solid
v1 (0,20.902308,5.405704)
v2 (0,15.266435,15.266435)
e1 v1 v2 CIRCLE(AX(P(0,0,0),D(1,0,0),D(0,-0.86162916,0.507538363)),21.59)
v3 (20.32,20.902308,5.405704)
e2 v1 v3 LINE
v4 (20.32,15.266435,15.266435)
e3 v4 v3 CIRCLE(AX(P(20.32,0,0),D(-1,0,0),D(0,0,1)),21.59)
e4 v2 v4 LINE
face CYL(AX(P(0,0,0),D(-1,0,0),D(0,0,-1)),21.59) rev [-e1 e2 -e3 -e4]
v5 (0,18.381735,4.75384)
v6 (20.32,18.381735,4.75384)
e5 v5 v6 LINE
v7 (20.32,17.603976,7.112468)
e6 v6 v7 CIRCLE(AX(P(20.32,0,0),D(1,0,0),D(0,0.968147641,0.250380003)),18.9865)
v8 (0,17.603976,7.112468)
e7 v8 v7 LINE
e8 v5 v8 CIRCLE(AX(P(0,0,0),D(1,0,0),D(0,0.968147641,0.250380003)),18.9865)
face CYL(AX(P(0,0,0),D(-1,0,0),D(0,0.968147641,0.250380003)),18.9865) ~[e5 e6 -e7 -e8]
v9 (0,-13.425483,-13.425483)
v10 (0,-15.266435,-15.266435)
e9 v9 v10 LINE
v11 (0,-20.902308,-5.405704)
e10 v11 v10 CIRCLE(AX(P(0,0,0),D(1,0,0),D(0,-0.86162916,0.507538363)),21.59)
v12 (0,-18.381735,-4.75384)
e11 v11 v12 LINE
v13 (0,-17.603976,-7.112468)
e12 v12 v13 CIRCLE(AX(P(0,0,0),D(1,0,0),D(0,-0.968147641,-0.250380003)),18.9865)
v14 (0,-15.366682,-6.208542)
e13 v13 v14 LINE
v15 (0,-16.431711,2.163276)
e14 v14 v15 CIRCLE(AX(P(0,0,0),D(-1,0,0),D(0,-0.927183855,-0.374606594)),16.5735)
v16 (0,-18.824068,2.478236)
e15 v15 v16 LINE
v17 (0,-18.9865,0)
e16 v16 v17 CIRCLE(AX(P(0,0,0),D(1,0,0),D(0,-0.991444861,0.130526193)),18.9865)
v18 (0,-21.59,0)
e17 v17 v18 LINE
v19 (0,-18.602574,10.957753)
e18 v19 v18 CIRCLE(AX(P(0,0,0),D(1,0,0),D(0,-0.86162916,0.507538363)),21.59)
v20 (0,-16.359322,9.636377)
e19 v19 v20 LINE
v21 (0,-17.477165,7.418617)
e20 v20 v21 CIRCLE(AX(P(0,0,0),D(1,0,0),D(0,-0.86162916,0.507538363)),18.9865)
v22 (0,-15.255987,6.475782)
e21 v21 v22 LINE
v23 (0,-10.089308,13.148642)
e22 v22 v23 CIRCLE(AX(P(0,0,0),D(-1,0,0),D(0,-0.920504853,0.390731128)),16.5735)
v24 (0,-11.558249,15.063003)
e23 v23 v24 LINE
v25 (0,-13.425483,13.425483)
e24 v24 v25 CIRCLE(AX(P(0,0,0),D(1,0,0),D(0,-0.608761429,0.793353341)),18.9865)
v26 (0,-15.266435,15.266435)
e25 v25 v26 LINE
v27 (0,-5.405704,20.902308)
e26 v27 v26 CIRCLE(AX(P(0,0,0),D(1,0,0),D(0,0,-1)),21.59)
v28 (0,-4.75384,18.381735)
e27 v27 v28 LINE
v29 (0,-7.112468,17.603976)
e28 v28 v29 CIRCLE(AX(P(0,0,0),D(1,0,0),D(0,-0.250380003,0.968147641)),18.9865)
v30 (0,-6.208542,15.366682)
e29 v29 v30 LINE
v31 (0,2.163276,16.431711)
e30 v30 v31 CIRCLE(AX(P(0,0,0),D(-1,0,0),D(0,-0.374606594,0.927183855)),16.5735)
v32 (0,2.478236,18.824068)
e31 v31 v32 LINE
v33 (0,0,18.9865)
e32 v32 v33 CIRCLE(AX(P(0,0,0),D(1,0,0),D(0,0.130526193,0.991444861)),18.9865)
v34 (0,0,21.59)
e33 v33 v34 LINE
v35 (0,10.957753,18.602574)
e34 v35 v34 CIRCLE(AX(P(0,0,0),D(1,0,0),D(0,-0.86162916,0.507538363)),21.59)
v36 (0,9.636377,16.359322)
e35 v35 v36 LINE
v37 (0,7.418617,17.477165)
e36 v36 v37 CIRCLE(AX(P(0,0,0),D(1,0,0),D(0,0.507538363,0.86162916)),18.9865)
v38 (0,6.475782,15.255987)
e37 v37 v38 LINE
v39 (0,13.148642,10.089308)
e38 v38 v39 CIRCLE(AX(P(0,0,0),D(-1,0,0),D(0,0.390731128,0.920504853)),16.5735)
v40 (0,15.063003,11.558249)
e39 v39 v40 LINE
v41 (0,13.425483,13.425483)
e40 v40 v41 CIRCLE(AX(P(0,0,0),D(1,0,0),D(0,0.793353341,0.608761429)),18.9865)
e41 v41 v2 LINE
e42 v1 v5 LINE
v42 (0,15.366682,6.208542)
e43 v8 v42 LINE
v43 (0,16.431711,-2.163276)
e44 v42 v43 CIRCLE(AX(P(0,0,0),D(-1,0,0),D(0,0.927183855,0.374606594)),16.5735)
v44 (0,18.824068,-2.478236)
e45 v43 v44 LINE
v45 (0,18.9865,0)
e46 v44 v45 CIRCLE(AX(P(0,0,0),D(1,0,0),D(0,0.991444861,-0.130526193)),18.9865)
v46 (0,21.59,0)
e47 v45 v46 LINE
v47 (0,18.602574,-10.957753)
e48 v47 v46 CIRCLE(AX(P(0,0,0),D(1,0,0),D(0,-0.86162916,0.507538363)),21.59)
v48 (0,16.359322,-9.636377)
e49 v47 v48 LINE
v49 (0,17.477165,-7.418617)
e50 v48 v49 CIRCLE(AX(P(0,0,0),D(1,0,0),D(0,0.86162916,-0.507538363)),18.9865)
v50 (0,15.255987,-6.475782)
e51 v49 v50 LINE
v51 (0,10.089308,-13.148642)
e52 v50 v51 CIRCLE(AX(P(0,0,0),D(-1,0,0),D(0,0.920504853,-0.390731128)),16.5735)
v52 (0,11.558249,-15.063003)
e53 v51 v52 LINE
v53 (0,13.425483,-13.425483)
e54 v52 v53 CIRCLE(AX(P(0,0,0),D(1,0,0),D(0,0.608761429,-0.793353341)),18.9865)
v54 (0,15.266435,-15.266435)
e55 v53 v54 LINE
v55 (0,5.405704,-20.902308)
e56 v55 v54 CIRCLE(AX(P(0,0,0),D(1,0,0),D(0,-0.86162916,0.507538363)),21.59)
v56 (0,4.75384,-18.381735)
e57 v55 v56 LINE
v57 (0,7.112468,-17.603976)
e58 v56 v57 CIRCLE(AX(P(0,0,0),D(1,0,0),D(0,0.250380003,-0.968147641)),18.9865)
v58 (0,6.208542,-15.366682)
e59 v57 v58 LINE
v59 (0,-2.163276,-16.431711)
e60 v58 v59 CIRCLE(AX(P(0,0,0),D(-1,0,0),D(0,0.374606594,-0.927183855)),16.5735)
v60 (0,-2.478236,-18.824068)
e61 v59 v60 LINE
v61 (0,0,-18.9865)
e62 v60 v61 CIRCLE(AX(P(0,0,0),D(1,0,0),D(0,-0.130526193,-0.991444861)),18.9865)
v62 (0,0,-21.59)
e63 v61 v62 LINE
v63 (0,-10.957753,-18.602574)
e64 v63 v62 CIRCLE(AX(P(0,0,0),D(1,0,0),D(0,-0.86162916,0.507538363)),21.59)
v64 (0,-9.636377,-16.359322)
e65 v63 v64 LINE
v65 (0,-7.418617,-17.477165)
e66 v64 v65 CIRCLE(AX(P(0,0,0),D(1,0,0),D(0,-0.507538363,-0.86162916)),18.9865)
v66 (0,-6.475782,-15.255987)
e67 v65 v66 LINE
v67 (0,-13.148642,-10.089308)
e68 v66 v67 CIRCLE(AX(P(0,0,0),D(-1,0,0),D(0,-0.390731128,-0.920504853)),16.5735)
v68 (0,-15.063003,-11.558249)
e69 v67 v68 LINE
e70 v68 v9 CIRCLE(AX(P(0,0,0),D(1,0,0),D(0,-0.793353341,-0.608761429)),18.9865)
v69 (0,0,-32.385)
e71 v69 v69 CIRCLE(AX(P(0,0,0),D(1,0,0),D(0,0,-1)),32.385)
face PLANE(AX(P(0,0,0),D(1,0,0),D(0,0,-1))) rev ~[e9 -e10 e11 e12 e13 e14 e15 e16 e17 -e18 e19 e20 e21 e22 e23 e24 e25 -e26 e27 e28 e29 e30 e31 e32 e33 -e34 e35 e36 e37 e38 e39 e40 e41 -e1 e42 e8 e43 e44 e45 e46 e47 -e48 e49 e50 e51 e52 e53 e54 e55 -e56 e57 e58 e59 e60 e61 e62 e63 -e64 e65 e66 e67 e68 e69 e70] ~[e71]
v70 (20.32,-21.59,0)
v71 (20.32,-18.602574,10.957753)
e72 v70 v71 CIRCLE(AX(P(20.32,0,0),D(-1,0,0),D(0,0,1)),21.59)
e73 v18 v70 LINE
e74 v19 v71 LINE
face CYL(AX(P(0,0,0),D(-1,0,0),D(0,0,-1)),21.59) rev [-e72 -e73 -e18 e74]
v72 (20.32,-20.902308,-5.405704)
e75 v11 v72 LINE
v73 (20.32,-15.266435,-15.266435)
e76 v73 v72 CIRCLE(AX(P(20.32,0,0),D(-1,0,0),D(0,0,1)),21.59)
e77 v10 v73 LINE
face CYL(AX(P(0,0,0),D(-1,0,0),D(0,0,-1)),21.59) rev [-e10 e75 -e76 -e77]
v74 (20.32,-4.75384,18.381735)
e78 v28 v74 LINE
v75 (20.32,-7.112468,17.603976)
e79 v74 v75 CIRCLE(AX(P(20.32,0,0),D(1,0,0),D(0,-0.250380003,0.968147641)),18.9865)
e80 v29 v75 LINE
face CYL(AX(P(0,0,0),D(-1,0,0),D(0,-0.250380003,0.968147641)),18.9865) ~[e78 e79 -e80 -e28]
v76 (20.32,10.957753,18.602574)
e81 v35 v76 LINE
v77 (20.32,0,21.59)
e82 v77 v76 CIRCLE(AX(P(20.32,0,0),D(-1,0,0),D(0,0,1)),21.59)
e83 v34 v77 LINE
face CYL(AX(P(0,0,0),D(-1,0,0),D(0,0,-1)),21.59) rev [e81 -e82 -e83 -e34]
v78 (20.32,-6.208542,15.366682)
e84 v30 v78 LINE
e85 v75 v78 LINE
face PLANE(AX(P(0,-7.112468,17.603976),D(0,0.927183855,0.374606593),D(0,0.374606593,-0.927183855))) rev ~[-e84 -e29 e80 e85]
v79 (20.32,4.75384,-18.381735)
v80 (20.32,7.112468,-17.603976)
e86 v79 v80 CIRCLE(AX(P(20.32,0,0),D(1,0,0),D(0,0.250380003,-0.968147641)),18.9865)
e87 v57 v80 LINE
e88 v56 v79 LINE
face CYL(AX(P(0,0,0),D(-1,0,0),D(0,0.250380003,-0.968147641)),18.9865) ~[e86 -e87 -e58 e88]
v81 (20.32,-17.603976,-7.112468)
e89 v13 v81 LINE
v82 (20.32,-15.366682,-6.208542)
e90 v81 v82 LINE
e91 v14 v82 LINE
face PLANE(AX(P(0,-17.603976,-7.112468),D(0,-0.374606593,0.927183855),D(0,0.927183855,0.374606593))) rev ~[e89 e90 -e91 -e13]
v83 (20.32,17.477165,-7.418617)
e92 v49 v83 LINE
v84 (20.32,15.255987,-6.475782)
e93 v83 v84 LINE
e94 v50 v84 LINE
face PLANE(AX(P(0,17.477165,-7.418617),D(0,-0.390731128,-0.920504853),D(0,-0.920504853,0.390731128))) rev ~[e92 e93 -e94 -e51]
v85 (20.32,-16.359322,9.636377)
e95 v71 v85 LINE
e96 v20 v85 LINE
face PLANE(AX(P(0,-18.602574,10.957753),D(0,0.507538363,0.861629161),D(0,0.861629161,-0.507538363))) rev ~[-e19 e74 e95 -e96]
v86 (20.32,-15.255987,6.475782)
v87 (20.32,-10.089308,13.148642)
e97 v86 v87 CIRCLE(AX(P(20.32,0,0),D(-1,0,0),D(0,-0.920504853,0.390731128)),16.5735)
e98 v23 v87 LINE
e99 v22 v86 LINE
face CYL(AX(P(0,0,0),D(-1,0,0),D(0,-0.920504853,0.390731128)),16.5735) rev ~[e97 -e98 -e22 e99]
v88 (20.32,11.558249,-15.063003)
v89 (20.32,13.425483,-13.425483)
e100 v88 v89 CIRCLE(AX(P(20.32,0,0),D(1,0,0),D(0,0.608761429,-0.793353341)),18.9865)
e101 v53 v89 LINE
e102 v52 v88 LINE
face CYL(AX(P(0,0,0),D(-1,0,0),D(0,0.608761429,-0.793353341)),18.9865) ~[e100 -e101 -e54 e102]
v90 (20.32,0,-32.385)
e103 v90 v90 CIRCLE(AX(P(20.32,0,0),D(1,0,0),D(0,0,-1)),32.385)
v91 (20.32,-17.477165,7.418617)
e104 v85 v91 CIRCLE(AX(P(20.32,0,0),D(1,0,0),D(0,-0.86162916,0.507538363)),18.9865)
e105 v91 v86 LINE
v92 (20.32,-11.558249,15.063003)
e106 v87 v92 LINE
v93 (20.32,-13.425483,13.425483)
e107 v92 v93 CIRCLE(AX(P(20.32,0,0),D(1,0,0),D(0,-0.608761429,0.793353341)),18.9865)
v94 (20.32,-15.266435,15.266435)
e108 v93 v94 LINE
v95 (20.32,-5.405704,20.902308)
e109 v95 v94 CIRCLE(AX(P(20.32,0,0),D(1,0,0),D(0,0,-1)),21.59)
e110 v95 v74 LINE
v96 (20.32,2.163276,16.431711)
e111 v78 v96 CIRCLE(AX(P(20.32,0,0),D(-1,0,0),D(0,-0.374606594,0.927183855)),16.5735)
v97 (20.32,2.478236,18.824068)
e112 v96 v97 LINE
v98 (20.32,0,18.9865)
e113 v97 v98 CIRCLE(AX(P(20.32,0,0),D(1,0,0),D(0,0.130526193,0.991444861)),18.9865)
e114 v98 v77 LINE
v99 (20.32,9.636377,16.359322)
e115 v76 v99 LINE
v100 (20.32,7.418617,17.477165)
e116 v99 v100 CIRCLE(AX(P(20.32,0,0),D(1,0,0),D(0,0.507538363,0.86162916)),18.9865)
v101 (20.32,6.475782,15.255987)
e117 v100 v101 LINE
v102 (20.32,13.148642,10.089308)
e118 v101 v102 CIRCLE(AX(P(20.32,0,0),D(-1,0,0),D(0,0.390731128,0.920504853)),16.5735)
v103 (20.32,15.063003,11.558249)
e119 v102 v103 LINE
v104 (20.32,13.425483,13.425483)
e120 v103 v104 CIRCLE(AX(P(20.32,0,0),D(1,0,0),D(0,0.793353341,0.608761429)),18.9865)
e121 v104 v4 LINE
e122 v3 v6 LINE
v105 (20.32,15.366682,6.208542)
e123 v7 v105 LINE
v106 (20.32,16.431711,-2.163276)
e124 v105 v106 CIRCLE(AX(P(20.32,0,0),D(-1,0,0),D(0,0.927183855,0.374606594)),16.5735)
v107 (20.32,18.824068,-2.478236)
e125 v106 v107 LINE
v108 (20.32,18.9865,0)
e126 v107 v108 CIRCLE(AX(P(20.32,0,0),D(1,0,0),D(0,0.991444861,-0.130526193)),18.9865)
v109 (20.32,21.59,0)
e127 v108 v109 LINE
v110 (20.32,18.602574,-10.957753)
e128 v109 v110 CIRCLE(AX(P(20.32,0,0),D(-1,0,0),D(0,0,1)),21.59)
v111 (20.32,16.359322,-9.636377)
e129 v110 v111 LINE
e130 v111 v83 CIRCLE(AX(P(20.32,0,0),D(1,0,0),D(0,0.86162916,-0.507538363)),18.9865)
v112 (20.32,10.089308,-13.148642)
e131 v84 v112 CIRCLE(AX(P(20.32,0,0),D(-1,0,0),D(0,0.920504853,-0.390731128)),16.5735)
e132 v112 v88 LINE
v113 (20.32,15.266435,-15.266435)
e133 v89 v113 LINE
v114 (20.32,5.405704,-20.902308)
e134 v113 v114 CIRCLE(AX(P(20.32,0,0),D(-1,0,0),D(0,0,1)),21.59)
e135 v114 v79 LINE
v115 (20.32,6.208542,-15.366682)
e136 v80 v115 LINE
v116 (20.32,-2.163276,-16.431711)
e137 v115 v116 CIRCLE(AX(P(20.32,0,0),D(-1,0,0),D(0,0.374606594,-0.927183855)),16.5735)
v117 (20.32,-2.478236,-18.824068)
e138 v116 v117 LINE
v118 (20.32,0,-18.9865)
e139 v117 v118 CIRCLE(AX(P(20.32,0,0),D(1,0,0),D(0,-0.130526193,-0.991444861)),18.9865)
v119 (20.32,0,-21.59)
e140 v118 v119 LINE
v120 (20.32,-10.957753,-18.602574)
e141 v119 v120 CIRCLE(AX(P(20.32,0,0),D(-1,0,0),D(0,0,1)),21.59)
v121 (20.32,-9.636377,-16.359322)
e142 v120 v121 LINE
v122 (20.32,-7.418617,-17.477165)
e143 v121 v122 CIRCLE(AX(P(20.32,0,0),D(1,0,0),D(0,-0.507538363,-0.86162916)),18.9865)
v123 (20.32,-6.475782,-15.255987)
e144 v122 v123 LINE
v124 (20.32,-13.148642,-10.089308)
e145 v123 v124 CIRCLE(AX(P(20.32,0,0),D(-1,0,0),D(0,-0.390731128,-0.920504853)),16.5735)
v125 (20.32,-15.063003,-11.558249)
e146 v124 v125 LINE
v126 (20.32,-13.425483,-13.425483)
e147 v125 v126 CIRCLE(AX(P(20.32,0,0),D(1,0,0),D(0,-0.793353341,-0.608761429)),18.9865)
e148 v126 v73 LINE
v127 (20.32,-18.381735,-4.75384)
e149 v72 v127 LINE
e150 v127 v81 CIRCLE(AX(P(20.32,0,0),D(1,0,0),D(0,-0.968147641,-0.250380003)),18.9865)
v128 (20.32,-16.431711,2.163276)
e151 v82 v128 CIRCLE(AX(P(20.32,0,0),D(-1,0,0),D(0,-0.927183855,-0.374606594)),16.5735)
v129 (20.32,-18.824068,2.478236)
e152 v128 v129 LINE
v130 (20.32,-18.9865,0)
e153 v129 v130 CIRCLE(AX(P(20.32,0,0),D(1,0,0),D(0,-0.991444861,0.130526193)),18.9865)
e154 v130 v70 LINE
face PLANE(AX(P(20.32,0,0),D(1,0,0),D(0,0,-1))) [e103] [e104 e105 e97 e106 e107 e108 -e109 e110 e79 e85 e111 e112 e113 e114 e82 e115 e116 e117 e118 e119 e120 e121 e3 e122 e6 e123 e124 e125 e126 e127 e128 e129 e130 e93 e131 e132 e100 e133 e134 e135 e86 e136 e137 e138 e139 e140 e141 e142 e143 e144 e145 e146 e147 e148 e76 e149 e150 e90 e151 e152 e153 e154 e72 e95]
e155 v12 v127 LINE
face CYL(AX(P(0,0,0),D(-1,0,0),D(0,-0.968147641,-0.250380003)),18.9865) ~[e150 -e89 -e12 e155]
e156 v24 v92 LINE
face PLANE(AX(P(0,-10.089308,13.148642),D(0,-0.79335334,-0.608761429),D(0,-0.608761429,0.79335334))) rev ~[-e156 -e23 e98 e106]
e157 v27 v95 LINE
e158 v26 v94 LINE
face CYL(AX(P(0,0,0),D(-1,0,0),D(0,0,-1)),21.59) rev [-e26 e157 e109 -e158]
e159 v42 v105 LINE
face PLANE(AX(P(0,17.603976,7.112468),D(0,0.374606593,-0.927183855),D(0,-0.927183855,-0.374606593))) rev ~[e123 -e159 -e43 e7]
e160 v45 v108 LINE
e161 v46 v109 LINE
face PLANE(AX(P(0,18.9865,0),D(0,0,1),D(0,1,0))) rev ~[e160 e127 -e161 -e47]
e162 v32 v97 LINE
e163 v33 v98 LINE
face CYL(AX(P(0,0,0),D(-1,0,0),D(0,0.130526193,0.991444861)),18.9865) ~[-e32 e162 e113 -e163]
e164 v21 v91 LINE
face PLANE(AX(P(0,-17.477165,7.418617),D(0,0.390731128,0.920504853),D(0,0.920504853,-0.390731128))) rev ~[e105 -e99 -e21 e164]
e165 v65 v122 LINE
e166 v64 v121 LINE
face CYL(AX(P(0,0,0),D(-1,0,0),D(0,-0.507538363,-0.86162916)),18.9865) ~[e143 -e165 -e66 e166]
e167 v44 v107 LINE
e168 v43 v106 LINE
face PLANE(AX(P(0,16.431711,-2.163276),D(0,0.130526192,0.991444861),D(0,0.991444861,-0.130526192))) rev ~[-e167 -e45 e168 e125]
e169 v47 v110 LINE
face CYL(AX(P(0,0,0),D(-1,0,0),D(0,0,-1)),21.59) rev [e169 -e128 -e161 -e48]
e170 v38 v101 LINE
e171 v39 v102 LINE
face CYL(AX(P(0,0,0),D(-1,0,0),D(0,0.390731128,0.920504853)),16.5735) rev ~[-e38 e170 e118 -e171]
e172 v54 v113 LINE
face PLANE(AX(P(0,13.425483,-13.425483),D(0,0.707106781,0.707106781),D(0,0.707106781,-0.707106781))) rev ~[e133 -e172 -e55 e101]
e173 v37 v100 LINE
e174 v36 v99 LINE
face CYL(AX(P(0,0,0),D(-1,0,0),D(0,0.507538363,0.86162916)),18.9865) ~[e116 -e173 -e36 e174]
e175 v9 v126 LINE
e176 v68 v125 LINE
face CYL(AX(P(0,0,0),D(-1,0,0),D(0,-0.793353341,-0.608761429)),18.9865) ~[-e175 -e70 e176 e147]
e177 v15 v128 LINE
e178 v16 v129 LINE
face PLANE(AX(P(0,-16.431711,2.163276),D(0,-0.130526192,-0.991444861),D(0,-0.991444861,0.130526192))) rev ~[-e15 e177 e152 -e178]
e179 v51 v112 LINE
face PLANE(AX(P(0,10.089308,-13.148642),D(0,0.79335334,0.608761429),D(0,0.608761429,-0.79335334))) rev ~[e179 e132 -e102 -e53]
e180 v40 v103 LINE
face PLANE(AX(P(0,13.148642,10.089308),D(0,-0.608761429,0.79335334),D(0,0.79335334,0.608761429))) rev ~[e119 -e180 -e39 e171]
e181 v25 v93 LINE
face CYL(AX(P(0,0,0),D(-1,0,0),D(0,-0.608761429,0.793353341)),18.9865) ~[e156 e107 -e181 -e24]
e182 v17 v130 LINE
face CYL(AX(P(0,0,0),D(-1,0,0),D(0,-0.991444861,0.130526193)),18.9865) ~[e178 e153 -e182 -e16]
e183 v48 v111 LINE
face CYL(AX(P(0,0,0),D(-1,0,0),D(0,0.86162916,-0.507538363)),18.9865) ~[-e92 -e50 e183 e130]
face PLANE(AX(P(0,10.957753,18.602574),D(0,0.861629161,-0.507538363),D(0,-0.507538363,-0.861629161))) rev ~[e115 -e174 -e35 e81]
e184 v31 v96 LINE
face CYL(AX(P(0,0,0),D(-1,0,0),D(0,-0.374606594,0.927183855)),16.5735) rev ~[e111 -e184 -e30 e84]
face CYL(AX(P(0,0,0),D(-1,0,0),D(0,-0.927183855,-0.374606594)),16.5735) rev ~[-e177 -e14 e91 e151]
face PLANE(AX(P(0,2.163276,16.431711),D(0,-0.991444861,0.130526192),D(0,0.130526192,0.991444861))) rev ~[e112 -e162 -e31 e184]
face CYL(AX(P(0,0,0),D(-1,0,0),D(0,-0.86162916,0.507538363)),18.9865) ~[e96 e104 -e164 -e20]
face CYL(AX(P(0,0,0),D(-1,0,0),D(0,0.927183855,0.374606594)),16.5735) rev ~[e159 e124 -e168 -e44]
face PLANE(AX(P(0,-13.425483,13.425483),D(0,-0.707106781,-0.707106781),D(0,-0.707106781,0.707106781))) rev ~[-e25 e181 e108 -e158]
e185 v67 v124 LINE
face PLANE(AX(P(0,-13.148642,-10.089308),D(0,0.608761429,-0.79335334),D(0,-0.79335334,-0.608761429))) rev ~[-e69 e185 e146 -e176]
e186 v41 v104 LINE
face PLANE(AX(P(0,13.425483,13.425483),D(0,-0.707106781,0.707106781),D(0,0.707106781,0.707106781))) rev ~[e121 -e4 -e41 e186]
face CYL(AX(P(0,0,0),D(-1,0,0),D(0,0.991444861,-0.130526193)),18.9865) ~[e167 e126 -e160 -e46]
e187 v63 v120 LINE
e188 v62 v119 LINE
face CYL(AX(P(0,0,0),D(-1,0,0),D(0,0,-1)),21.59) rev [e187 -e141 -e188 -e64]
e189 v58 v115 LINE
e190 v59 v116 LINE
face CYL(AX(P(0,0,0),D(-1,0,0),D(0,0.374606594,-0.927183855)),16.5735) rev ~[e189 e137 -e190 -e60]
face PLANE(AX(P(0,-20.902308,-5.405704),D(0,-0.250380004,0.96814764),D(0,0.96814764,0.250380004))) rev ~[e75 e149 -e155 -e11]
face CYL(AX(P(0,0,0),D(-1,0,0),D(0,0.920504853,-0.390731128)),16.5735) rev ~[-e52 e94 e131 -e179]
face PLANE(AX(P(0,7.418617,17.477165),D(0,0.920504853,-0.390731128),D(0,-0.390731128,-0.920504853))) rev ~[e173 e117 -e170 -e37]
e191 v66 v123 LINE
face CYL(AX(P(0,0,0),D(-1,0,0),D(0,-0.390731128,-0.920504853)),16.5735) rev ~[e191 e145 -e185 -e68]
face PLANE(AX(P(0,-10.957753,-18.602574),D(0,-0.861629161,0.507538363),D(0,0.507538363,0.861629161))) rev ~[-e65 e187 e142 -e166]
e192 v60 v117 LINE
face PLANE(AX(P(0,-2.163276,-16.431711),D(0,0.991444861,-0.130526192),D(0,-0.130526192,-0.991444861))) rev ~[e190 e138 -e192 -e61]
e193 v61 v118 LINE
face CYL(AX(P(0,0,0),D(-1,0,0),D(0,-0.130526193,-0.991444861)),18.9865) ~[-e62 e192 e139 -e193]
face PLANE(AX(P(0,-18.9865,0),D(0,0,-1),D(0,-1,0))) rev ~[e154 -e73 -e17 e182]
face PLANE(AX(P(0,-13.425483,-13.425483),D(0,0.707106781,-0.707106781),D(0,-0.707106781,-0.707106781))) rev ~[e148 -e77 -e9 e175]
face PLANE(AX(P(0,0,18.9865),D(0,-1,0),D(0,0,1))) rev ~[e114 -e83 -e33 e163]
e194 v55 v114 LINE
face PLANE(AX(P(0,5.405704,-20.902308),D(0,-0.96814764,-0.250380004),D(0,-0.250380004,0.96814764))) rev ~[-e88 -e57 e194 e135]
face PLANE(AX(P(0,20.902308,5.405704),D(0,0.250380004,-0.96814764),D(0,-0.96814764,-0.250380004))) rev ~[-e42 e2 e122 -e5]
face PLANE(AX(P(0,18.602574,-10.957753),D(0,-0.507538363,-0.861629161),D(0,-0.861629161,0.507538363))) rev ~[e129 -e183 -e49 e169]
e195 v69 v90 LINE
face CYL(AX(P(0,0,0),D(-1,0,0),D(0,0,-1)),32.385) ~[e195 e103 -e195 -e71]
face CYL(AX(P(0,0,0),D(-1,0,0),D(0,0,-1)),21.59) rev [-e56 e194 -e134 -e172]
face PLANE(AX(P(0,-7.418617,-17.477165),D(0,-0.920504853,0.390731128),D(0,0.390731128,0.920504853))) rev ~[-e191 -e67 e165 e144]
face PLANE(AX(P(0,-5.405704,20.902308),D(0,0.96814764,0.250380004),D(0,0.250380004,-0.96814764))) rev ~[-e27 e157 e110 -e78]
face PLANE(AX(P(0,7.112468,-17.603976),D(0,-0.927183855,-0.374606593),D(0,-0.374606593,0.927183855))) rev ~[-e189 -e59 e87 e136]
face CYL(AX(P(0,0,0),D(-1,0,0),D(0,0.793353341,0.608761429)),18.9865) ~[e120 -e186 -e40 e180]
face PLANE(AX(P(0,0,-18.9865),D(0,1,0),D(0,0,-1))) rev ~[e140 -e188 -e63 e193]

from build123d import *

# Parameters (mm, degrees)
SKETCH1_R           = 32.385
SKETCH1_R_2         = 21.59
BOSS_EXTRUDE1_DEPTH = 20.32
BOSS_EXTRUDE2_DEPTH = 20.32
CIRPATTERN1_COUNT   = 8


with BuildPart() as part:
    # Sketch1 → Boss-Extrude1 (new body)
    with BuildSketch(Plane.YZ):
        with Locations(Location((0, 0, 0), (0, 0, 270))):
            Circle(SKETCH1_R)
        with Locations(Location((0, 0, 0), (0, 0, 270))):
            Circle(SKETCH1_R_2, mode=Mode.SUBTRACT)
    extrude(amount=BOSS_EXTRUDE1_DEPTH)

    # Sketch3 → Boss-Extrude2 (add)
    with BuildSketch(Plane.YZ):
        with BuildLine():
            Line((-5.405704288, 20.902307556), (-4.753839947, 18.381735174))
            ThreePointArc((-4.753839947, 18.381735174), (-5.945884612, 18.03146246), (-7.112468086, 17.603976255))
            Line((-7.112468086, 17.603976255), (-6.208542376, 15.366681614))
            ThreePointArc((-6.208542376, 15.366681614), (-2.091558615, 16.440994034), (2.163275847, 16.43171141))
            Line((2.163275847, 16.43171141), (2.478235549, 18.82406786))
            ThreePointArc((2.478235549, 18.82406786), (1.241776513, 18.945848446), (0, 18.9865))
            Line((0, 18.9865), (0, 21.59))
            ThreePointArc((0, 21.59), (-2.724635744, 21.417386864), (-5.405704288, 20.902307556))
        make_face()
    boss_extrude2 = extrude(amount=BOSS_EXTRUDE2_DEPTH)

    # CirPattern1: Boss-Extrude2 ×8 about axis
    cirpattern1_axis = Axis((0, 0, 0), (1, 0, 0))
    for i in range(1, CIRPATTERN1_COUNT):
        add(boss_extrude2.rotate(cirpattern1_axis, i * 360 / CIRPATTERN1_COUNT))


solid = part.part
